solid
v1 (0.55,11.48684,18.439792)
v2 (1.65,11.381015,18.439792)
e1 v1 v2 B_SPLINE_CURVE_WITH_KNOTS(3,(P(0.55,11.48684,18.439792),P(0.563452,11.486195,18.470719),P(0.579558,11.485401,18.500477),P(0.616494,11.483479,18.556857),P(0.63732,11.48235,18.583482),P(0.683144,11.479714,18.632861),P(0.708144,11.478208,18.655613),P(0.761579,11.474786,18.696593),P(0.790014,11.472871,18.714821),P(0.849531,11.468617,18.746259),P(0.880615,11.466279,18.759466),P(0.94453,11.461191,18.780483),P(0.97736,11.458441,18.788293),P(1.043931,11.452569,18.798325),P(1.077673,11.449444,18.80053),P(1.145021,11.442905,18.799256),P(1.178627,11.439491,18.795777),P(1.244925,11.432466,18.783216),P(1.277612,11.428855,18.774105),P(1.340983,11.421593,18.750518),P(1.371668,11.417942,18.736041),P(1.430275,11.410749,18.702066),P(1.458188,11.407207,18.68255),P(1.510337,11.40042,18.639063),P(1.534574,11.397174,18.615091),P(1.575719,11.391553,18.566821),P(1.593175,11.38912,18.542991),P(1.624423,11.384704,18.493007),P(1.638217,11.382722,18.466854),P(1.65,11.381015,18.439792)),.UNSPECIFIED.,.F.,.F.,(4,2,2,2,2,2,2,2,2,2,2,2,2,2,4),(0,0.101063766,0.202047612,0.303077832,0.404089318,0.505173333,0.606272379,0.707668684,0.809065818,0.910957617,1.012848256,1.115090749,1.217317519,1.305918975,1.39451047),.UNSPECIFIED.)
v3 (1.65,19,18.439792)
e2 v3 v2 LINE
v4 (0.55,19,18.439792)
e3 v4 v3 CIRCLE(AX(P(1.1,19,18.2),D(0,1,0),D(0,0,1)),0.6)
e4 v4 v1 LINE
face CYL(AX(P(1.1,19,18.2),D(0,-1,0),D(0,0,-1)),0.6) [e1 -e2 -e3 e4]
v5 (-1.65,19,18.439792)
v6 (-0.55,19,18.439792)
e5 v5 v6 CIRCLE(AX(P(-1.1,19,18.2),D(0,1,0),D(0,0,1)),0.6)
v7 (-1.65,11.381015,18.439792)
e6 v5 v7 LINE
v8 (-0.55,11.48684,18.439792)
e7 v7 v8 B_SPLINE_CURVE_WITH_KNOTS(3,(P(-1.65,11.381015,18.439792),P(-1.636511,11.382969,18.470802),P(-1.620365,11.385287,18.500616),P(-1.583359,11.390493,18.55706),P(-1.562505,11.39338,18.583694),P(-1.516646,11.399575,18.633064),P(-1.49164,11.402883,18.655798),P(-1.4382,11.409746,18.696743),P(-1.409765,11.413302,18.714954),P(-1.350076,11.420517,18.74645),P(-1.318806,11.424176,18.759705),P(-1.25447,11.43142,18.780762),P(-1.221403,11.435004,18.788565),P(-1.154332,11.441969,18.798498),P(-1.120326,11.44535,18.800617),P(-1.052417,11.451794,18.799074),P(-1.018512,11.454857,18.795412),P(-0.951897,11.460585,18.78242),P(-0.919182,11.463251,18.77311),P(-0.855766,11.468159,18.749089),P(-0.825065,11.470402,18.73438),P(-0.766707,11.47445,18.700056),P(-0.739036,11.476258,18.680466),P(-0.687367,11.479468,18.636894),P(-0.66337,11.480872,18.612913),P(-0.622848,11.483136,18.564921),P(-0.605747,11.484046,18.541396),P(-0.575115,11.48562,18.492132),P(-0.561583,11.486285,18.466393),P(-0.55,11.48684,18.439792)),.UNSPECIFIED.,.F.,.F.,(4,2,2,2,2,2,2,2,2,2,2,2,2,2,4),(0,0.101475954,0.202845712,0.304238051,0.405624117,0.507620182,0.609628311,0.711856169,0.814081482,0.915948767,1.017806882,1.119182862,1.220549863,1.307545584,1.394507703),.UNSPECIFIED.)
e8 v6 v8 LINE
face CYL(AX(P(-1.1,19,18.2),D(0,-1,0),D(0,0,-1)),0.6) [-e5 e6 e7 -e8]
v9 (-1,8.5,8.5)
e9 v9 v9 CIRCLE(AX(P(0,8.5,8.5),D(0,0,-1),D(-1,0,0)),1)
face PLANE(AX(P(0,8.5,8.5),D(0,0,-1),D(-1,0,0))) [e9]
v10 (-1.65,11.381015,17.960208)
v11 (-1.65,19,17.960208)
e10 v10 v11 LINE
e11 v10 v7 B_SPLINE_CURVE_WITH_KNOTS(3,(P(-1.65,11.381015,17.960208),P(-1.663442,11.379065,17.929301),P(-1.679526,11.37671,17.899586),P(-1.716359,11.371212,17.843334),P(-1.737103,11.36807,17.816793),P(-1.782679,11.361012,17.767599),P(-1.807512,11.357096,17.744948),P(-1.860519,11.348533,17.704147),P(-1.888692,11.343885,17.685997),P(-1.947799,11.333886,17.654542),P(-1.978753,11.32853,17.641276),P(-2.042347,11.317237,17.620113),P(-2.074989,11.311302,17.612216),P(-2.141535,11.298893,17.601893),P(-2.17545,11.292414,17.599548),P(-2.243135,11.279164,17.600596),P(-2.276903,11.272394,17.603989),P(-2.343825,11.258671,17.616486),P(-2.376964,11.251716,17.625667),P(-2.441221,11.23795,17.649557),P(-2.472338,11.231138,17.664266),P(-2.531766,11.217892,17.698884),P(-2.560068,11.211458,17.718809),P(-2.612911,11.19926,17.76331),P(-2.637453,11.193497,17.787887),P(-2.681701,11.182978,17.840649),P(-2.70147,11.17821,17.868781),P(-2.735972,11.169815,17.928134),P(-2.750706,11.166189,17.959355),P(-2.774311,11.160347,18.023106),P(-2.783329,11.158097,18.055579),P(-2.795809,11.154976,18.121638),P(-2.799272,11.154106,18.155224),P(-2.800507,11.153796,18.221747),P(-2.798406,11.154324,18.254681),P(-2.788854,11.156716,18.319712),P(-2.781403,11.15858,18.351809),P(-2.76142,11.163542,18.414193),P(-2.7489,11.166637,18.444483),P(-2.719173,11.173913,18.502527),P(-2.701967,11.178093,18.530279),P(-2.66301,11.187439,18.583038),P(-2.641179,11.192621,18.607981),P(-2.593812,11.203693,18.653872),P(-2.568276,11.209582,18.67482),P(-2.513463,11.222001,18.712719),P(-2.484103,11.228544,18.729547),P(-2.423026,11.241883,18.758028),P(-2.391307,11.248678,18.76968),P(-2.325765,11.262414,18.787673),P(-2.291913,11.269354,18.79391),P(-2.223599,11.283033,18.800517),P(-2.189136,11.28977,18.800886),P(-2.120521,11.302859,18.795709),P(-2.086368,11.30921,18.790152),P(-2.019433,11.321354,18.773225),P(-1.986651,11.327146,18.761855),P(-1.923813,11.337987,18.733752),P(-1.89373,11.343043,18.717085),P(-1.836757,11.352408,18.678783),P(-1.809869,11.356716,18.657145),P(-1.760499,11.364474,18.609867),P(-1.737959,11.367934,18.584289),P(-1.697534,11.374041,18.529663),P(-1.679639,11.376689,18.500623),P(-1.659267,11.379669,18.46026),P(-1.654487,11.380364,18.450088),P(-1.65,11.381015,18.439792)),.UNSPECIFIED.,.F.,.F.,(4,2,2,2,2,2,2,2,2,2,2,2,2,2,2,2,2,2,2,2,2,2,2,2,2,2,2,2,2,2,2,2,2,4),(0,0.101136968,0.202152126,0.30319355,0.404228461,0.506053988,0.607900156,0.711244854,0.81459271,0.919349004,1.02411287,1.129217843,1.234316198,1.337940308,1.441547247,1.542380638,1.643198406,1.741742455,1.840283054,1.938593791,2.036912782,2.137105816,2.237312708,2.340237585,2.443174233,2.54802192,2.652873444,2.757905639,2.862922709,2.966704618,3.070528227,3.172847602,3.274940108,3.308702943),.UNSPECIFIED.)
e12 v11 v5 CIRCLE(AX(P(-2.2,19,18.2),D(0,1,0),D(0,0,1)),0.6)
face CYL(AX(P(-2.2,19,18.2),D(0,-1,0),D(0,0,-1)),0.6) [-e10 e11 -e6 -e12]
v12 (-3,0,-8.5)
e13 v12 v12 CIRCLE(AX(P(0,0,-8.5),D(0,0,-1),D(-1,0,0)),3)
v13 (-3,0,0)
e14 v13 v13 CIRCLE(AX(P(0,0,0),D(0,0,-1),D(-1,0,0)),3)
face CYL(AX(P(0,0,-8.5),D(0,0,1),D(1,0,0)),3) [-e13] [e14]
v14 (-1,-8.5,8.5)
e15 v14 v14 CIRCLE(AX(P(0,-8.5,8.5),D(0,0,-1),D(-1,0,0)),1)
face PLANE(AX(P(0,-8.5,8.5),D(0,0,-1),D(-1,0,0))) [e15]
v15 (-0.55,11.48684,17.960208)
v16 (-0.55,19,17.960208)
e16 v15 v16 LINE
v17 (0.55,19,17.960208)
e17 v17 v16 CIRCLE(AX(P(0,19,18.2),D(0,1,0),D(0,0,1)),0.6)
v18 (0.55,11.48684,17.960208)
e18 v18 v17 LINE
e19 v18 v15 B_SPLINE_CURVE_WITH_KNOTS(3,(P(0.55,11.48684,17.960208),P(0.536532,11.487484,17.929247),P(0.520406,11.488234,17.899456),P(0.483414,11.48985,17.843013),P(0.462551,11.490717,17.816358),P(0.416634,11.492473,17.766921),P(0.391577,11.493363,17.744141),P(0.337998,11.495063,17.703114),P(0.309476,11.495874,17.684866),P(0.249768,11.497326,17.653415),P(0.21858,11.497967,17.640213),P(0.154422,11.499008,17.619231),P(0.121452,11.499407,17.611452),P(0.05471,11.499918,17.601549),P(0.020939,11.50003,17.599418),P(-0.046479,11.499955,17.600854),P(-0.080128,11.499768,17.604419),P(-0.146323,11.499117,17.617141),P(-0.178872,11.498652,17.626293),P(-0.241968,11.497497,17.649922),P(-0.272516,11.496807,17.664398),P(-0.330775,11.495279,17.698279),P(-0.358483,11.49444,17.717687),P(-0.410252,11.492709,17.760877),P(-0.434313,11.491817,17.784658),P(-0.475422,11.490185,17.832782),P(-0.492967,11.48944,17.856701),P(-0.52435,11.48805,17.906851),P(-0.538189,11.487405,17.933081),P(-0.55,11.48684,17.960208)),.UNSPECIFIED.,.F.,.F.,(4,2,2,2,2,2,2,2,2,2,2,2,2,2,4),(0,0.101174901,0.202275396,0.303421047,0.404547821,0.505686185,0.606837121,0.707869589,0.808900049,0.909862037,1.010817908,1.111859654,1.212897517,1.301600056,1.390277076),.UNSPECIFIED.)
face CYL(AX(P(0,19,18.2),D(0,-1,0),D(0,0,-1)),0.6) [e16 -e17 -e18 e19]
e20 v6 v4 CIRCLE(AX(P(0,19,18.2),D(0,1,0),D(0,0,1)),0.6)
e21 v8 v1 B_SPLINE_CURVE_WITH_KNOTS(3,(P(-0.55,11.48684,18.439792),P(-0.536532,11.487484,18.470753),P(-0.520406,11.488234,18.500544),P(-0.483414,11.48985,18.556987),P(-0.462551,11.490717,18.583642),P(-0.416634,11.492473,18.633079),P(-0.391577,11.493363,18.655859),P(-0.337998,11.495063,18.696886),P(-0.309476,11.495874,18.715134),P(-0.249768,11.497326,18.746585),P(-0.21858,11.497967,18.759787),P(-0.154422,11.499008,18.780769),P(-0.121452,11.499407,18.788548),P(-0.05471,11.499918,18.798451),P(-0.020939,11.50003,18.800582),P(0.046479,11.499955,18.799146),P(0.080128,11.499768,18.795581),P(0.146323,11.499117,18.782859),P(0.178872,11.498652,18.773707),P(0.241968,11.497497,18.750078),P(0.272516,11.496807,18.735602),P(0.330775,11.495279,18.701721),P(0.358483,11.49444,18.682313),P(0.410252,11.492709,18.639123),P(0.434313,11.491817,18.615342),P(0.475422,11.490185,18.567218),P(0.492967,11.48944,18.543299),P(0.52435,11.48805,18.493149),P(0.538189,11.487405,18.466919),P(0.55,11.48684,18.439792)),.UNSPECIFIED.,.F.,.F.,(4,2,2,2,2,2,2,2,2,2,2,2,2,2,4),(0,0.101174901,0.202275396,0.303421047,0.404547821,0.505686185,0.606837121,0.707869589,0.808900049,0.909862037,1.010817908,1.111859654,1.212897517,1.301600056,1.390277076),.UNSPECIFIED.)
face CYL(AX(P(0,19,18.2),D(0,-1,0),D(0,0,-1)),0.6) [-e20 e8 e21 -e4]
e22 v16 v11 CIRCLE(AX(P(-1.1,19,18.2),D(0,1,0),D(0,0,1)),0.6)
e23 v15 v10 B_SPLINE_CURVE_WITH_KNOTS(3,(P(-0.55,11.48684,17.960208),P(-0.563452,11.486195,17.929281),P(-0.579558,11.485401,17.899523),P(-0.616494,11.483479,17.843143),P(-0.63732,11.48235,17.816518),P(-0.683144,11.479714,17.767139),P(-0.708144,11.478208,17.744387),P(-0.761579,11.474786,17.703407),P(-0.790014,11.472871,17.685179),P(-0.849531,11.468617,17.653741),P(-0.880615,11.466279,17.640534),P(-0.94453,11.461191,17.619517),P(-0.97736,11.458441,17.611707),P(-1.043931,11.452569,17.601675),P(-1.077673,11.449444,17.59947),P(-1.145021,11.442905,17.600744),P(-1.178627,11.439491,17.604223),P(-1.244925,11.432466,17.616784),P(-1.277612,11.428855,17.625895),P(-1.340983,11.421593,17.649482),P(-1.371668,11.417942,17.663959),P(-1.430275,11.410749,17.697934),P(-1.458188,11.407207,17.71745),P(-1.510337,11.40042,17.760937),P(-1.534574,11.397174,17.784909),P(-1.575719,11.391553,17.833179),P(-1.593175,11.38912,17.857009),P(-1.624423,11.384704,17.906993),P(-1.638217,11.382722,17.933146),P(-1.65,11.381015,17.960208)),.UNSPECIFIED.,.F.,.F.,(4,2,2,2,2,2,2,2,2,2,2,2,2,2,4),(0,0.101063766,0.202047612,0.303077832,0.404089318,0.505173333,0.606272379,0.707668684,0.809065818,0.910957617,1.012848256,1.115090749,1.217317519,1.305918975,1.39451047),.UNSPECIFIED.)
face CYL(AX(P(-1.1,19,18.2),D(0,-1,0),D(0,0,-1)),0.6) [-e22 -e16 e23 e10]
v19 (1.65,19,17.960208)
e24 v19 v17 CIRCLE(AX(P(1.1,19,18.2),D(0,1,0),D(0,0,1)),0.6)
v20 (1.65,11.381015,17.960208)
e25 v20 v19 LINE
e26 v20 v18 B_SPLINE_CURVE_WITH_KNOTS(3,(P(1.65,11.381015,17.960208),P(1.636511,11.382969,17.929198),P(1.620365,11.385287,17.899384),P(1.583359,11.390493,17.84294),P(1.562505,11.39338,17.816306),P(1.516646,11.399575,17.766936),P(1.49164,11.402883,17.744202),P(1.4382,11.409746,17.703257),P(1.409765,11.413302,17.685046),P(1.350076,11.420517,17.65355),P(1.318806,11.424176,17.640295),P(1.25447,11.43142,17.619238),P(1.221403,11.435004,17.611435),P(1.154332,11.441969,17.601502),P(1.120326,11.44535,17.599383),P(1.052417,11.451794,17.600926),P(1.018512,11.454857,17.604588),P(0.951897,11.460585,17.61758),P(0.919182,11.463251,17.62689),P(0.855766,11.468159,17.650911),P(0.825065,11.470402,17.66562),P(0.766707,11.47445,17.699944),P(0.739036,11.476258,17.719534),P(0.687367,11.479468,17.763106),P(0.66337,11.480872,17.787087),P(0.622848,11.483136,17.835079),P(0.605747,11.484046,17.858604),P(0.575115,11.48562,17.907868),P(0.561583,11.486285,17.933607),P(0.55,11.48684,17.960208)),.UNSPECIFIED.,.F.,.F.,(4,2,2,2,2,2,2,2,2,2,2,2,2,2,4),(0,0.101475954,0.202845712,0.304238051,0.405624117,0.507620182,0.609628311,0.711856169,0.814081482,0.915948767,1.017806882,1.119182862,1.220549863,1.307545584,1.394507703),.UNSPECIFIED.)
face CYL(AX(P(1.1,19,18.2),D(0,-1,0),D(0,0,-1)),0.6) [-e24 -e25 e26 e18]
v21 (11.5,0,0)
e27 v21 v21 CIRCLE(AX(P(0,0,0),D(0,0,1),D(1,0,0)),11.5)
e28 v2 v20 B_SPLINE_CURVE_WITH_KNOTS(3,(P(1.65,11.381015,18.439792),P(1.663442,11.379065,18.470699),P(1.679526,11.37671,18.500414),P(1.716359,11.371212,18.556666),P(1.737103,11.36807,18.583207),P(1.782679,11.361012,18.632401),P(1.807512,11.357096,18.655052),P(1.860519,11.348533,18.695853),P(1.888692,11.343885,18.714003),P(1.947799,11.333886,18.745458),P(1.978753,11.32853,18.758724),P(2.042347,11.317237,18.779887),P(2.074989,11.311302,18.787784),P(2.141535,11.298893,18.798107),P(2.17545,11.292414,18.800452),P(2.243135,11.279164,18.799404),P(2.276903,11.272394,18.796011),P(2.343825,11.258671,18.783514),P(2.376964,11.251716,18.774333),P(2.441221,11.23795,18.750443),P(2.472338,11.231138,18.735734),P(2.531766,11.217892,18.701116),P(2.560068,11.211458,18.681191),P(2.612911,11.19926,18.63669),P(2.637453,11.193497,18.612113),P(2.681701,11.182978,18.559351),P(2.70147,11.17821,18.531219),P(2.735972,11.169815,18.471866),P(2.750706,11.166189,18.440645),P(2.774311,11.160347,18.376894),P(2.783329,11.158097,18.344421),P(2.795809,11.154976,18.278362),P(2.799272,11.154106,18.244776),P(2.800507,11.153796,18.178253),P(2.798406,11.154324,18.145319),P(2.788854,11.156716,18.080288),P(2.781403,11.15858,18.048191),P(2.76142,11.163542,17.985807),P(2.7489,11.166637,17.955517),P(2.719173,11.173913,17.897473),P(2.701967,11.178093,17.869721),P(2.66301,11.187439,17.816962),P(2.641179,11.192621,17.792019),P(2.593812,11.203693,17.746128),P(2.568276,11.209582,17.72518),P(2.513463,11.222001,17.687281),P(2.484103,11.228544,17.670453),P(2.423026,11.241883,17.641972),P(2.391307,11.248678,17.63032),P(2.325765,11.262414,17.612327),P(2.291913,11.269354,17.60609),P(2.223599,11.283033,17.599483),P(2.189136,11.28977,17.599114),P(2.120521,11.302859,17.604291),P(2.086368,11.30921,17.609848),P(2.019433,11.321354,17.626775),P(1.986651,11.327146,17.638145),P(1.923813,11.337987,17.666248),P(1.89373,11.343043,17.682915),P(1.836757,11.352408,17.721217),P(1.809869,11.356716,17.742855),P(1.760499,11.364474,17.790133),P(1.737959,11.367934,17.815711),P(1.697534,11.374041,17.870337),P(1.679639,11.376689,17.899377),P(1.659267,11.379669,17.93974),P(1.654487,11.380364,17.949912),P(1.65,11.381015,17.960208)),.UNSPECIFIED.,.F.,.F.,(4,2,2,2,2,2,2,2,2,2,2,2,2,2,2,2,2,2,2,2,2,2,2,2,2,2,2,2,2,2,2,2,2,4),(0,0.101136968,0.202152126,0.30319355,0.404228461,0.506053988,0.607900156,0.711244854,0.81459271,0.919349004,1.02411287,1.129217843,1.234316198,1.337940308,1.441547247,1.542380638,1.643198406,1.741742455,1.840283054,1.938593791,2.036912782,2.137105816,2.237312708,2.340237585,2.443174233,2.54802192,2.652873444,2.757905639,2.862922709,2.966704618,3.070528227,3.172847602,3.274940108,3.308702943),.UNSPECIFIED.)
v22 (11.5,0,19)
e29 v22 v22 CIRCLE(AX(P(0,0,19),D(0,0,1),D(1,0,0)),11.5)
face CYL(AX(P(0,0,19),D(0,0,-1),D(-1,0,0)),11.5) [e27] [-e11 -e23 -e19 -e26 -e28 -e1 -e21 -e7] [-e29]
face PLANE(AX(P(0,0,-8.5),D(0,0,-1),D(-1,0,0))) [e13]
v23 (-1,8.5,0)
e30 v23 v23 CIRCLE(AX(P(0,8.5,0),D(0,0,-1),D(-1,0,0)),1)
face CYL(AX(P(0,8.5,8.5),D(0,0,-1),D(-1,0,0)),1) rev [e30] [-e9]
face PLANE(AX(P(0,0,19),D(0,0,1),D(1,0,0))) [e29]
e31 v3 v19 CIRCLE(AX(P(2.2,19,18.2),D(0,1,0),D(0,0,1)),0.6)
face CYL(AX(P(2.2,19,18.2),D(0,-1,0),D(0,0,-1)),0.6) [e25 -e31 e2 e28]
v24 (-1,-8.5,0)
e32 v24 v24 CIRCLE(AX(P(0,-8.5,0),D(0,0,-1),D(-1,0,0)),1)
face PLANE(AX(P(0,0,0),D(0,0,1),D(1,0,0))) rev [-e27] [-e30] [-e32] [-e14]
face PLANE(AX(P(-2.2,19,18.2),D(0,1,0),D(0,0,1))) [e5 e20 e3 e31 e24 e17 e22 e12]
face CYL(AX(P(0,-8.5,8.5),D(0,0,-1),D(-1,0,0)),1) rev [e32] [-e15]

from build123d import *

# Parameters (mm, degrees)
SKETCH1_R           = 11.5
BOSS_EXTRUDE1_DEPTH = 19
SKETCH2_R           = 0.6
BOSS_EXTRUDE4_DEPTH = 19
SKETCH3_R           = 3
BOSS_EXTRUDE5_DEPTH = 8.5
SKETCH4_R           = 1
CUT_EXTRUDE1_DEPTH  = 8.5


with BuildPart() as part:
    # Sketch1 → Boss-Extrude1 (new body)
    with BuildSketch(Plane.XY):
        Circle(SKETCH1_R)
    extrude(amount=BOSS_EXTRUDE1_DEPTH)

    # Sketch2 → Boss-Extrude4 (add)
    with BuildSketch(Plane(origin=(0, 0, 0), x_dir=(1, 0, 0), z_dir=(0, 1, 0))):
        with Locations((-2.2, -18.2)):
            Circle(SKETCH2_R)
        with Locations((-1.1, -18.2)):
            Circle(SKETCH2_R)
        with Locations((0, -18.2)):
            Circle(SKETCH2_R)
        with Locations((1.1, -18.2)):
            Circle(SKETCH2_R)
        with Locations((2.2, -18.2)):
            Circle(SKETCH2_R)
    extrude(amount=BOSS_EXTRUDE4_DEPTH)

    # Sketch3 → Boss-Extrude5 (add)
    with BuildSketch(Plane(origin=(0, 0, 0), x_dir=(-1, 0, 0), z_dir=(0, 0, -1))):
        Circle(SKETCH3_R)
    extrude(amount=BOSS_EXTRUDE5_DEPTH)

    # Sketch4 → Cut-Extrude1 (cut)
    with BuildSketch(Plane(origin=(0, 0, 0), x_dir=(-1, 0, 0), z_dir=(0, 0, -1))):
        with Locations((0, -8.5)):
            Circle(SKETCH4_R)
        with Locations((0, 8.5)):
            Circle(SKETCH4_R)
    extrude(amount=-CUT_EXTRUDE1_DEPTH, mode=Mode.SUBTRACT)


solid = part.part
